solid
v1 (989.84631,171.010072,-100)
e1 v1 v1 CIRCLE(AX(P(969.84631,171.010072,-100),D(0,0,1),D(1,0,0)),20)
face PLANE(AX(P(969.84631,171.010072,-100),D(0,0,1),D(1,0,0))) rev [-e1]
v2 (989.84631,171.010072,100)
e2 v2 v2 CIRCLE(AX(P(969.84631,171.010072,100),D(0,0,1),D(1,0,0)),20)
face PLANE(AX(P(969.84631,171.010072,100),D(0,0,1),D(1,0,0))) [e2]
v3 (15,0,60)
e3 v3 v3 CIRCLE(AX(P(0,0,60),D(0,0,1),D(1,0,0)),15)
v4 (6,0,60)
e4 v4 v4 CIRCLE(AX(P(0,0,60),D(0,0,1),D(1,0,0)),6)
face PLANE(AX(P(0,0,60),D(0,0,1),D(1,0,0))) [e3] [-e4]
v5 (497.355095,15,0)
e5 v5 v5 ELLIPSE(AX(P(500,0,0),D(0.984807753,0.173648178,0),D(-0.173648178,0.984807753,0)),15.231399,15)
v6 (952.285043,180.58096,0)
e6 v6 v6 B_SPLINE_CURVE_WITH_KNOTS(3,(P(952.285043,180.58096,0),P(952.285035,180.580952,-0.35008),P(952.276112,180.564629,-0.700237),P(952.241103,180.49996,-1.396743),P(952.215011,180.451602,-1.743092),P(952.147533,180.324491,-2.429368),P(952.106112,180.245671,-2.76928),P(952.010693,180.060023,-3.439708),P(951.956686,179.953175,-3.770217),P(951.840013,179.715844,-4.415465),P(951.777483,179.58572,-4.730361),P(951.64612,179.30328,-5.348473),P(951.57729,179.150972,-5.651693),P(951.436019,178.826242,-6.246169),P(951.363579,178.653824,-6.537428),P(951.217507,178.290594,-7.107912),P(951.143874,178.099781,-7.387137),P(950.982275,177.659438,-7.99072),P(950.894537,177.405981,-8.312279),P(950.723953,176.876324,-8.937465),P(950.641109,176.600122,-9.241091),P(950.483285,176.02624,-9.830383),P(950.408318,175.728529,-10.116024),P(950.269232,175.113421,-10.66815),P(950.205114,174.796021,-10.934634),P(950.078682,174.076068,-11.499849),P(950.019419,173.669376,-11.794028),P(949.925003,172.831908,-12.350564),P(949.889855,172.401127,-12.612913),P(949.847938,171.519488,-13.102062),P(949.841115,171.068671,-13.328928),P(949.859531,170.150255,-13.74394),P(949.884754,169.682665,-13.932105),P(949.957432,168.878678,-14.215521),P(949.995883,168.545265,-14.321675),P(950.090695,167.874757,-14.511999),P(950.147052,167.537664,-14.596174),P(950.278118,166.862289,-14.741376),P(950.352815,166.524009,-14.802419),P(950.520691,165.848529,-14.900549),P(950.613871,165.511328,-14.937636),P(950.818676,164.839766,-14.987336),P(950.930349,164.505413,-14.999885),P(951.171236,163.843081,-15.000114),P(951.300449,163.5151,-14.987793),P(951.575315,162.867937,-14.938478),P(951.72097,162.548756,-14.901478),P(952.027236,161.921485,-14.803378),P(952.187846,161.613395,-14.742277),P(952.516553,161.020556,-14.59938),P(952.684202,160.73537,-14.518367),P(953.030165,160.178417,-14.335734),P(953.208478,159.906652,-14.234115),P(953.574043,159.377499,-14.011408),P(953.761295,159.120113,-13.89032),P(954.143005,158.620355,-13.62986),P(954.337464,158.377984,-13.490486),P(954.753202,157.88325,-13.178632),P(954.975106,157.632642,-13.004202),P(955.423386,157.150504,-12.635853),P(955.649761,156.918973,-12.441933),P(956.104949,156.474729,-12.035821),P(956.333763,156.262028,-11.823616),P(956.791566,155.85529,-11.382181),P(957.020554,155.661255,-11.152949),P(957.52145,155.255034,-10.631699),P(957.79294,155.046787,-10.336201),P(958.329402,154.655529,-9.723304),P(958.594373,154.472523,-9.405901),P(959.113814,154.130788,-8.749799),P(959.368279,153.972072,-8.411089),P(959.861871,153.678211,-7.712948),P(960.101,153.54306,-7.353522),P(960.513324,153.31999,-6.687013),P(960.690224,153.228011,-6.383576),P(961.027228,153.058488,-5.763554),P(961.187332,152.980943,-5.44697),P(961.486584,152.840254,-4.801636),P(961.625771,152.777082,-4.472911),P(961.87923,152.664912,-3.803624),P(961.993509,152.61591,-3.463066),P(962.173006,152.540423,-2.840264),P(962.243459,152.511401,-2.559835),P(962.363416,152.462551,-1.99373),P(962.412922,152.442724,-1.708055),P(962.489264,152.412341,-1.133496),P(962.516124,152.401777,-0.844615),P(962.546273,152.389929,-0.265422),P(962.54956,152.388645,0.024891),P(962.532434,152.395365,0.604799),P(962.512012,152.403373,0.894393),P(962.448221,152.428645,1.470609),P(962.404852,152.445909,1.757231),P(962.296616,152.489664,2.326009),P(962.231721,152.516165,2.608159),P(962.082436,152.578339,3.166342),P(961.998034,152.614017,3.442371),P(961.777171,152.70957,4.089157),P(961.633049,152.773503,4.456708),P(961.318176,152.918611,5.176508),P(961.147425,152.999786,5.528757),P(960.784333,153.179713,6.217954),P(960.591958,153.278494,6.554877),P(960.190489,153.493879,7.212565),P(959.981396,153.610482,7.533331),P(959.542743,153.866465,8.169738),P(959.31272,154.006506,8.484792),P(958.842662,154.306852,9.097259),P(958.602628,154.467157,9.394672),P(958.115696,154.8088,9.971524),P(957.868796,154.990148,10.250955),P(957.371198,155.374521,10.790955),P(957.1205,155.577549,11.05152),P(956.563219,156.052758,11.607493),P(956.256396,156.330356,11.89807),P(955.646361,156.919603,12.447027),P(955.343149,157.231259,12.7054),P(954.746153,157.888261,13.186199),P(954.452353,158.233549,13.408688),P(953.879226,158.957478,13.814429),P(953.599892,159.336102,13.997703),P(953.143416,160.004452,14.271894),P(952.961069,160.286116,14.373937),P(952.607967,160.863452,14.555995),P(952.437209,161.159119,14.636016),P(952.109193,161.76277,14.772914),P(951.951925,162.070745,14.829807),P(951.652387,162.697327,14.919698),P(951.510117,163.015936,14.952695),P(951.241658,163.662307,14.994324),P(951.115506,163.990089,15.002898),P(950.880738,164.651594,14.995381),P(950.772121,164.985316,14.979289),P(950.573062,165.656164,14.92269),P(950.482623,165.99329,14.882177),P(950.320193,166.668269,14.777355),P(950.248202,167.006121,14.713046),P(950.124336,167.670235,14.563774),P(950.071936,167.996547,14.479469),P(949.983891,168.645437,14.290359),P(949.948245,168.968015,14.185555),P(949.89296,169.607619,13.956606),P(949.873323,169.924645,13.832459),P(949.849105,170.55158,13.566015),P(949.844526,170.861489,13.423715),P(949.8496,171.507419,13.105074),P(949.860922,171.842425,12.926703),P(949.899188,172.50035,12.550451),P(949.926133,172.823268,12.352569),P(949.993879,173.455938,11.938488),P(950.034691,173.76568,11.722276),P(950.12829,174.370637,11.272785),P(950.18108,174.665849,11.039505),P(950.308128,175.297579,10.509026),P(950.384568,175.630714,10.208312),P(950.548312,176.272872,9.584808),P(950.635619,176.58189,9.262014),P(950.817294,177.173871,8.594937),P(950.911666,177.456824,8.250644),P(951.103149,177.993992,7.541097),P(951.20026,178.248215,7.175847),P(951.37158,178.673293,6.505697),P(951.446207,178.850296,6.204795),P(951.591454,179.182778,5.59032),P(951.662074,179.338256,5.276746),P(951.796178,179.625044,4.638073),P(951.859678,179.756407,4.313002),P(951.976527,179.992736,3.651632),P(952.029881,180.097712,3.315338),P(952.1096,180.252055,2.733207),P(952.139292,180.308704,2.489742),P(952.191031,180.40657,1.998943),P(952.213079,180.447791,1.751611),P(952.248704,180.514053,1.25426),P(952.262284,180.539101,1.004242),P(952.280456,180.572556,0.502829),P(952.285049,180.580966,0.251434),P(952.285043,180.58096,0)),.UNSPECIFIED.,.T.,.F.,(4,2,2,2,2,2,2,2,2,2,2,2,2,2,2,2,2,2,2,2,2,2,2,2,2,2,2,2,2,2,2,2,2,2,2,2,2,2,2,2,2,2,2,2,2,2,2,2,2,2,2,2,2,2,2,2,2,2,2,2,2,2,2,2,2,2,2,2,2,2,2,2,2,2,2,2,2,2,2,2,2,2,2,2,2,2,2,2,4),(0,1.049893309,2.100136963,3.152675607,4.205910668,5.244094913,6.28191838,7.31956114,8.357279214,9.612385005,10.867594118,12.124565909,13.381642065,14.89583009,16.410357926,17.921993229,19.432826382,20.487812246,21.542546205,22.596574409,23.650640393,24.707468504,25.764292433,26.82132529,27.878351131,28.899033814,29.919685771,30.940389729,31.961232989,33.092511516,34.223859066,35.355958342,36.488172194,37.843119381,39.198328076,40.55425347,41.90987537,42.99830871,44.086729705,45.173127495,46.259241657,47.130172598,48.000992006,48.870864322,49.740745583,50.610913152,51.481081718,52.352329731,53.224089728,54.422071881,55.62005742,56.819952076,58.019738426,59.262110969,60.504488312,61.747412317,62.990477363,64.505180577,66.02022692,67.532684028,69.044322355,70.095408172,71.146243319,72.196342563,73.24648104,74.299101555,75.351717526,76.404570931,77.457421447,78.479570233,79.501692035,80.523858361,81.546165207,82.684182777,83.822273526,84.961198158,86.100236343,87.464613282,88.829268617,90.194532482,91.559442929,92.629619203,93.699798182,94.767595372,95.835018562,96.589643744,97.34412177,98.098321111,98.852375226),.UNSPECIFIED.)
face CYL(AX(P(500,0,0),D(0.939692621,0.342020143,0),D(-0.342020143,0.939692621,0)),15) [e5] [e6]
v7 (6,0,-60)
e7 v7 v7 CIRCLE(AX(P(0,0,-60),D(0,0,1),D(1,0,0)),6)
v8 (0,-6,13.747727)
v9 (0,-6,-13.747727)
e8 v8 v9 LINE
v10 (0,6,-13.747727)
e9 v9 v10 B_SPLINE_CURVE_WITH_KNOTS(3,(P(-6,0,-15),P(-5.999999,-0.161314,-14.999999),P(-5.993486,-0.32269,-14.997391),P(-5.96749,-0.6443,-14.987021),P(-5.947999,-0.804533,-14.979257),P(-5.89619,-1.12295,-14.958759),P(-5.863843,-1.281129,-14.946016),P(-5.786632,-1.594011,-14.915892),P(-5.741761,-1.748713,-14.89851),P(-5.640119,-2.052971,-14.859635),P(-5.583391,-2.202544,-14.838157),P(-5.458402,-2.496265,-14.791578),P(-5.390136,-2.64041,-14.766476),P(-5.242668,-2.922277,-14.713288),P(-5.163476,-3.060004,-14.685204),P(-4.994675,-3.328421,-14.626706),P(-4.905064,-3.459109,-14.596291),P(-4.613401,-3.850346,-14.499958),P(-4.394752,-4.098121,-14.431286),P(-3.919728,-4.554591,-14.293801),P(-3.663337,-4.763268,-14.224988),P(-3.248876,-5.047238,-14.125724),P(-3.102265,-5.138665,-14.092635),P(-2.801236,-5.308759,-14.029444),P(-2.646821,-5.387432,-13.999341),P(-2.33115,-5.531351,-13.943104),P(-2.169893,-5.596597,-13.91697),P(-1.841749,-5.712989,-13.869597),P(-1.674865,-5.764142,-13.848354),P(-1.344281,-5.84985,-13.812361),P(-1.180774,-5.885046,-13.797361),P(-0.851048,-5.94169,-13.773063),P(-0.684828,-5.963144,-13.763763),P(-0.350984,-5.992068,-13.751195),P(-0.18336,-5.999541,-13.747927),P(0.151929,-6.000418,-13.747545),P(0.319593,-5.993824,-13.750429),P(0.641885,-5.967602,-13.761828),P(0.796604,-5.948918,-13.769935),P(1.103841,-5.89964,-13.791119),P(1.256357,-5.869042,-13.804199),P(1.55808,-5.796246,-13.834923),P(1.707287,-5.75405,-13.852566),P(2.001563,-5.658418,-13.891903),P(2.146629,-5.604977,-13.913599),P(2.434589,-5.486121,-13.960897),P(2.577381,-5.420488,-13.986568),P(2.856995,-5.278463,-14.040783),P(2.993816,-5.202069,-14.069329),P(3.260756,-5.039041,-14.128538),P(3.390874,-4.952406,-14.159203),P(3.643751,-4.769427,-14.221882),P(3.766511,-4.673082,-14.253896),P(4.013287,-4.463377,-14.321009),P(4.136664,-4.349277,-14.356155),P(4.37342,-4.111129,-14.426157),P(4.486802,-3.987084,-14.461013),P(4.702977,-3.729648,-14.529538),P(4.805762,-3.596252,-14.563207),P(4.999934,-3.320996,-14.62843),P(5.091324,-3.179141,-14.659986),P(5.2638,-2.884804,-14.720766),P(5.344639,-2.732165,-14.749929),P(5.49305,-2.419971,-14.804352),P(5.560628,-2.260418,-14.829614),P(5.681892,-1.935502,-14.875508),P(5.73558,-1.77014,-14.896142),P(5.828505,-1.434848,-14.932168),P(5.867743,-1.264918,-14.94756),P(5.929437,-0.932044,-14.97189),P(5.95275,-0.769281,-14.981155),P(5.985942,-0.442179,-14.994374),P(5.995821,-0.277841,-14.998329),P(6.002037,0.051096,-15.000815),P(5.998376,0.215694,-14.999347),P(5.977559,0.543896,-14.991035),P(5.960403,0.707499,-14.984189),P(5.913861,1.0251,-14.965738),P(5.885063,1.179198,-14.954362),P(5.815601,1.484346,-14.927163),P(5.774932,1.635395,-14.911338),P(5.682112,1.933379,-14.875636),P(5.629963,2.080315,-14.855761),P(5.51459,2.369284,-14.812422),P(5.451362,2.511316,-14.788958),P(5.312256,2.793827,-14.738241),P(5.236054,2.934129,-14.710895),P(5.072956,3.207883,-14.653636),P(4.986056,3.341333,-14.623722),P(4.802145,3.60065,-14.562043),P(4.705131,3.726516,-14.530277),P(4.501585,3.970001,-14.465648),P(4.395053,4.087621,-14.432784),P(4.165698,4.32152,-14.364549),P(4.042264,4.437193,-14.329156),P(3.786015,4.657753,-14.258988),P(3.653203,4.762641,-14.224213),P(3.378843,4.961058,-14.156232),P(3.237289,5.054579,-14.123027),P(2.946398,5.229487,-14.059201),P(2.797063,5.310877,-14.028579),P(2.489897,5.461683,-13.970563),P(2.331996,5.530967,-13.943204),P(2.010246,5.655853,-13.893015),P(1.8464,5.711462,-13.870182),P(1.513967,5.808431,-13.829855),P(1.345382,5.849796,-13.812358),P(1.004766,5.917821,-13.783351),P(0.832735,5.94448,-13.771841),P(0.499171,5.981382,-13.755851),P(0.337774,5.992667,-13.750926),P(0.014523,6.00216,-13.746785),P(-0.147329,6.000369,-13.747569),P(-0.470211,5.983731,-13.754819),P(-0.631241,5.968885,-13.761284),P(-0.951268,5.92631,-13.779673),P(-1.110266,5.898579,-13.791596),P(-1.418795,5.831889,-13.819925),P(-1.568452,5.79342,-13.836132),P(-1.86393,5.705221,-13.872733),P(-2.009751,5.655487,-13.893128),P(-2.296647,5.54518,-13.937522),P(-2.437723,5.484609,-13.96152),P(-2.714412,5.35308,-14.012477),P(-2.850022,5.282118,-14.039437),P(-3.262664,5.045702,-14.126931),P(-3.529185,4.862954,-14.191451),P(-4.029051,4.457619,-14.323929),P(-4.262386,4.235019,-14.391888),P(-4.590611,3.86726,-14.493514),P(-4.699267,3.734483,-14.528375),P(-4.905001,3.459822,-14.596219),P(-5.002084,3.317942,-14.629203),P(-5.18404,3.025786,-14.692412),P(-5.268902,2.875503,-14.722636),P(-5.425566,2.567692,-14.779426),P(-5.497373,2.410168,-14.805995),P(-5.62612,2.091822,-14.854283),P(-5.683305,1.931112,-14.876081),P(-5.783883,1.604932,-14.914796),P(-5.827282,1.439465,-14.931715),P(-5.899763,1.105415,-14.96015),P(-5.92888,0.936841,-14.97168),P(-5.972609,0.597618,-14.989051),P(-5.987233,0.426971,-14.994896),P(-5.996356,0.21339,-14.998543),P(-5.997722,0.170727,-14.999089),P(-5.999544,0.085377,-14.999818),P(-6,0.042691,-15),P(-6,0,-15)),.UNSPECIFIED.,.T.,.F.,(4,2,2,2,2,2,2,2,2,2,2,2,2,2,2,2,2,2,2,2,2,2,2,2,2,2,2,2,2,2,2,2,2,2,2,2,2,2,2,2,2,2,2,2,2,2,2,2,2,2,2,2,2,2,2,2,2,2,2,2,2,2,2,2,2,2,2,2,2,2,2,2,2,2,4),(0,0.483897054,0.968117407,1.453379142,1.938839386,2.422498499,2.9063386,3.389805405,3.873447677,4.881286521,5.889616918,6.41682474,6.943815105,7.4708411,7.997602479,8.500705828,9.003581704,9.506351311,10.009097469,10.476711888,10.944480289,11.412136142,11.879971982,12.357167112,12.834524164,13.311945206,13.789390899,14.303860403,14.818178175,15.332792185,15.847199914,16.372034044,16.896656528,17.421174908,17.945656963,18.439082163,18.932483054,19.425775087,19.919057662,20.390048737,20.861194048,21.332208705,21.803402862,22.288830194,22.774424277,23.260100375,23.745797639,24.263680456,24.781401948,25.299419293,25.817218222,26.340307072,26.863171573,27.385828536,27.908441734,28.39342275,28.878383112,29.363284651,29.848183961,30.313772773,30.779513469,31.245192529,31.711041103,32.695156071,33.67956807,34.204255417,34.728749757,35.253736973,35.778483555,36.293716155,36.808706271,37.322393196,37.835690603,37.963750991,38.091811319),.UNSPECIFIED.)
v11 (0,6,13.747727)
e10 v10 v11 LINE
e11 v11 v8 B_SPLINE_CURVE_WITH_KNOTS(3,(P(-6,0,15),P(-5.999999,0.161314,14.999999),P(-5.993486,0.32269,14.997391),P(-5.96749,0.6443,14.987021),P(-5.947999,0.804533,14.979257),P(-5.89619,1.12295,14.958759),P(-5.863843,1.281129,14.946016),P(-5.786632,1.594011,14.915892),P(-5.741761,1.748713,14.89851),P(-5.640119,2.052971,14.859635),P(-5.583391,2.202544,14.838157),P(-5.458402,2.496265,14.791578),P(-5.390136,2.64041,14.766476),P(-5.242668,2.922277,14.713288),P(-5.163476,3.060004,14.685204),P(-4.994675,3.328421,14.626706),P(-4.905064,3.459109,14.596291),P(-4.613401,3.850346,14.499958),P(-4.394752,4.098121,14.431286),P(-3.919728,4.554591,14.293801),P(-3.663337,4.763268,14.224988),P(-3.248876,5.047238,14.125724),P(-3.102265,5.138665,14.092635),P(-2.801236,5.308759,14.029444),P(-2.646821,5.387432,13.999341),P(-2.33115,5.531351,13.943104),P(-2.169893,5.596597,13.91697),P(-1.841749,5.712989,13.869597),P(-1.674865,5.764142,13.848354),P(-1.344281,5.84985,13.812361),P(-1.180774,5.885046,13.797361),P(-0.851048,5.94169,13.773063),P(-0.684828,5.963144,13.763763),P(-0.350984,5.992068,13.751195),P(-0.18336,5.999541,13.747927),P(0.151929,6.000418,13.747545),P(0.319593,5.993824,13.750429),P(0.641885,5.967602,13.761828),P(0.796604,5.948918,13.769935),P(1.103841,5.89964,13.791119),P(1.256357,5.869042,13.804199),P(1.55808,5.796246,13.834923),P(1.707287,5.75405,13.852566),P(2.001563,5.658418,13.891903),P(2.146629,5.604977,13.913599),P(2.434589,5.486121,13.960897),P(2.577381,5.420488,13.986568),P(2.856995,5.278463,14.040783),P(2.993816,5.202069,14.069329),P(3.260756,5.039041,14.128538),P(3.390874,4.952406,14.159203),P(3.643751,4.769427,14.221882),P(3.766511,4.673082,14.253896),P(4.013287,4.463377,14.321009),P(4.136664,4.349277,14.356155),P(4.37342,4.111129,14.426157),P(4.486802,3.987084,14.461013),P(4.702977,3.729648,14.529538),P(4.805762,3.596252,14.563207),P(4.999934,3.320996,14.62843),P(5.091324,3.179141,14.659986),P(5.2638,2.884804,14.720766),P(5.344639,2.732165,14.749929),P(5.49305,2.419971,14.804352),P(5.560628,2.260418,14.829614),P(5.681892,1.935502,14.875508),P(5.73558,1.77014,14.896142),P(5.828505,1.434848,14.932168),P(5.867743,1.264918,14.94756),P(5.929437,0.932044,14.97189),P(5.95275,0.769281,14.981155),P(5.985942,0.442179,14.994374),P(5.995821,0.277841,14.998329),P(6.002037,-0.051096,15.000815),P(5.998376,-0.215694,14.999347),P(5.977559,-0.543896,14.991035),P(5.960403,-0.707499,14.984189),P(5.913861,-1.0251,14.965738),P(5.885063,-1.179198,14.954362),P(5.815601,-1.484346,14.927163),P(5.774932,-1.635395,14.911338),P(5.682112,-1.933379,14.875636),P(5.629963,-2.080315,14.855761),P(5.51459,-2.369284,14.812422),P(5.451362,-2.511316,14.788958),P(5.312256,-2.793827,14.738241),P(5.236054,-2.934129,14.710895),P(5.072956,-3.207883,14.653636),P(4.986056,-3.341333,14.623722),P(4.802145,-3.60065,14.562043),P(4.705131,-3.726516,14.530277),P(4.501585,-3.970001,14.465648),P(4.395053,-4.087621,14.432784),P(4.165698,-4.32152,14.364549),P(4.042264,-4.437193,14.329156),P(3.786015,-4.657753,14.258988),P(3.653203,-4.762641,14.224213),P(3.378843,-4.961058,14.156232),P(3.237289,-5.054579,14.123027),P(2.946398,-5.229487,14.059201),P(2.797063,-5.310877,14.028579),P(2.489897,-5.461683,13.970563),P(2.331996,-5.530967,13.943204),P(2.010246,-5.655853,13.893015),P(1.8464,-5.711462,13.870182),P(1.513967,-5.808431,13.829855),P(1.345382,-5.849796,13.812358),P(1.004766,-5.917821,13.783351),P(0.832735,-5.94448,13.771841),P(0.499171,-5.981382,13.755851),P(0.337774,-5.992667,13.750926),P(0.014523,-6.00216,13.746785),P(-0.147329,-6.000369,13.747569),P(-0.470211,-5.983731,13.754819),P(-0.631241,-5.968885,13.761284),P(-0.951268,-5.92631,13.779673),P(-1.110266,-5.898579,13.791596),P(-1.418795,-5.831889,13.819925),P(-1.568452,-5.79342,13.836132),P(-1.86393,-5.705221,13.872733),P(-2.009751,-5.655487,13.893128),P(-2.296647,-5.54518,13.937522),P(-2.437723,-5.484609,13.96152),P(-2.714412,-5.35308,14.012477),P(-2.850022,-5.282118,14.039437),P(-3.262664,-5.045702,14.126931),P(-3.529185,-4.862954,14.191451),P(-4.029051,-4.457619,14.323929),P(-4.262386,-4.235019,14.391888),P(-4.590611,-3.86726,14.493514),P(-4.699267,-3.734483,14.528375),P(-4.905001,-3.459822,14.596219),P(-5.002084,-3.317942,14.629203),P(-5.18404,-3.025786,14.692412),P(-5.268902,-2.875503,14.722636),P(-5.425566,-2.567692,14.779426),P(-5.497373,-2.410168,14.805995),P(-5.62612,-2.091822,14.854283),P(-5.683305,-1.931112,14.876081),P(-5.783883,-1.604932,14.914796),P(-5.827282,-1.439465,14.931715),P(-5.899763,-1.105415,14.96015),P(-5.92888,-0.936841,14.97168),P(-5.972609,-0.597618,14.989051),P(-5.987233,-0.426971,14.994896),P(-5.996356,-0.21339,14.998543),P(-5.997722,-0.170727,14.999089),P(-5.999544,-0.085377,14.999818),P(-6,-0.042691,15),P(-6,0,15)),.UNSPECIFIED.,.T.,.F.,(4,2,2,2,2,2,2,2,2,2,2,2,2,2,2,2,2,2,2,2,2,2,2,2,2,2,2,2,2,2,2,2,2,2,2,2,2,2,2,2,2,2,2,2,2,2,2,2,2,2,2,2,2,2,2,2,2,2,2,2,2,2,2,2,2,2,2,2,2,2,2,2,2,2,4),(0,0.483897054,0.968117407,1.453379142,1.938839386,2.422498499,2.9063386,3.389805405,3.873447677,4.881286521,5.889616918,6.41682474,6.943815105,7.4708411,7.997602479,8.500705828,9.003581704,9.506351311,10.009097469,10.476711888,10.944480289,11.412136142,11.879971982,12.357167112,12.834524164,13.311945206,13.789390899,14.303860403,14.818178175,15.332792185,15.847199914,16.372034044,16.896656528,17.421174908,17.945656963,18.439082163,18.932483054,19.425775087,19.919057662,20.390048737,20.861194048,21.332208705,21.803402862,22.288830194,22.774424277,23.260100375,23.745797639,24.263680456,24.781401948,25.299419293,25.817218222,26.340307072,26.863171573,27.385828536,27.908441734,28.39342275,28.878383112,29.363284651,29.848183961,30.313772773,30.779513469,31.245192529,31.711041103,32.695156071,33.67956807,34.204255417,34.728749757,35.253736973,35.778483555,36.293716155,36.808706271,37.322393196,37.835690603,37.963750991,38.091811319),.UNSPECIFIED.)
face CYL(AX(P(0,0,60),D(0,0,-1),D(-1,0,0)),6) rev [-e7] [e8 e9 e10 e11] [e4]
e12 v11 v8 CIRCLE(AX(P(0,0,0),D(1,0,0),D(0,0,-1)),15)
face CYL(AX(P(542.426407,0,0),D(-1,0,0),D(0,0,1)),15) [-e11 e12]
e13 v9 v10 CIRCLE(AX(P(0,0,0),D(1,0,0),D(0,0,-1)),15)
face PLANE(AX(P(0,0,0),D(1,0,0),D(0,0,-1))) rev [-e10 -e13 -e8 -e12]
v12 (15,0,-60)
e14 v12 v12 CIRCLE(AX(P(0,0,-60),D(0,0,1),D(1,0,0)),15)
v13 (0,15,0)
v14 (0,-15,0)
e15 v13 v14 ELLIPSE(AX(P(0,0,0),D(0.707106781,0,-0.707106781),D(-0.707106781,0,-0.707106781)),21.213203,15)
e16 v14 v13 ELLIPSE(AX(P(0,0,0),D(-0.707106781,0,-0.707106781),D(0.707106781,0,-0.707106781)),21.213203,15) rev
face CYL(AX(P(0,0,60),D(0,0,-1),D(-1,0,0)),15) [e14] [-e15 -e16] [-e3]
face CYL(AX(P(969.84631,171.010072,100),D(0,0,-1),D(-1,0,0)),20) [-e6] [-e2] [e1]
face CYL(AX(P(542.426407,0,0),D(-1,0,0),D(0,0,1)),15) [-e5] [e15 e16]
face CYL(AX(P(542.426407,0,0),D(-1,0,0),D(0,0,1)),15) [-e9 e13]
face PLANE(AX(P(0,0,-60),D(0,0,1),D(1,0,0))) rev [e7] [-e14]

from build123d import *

# Parameters (mm, degrees)
SKETCH1_R           = 15
SKETCH1_R_2         = 6
BOSS_EXTRUDE1_DEPTH = 60
SKETCH2_R           = 15
SKETCH5_R           = 20
BOSS_EXTRUDE2_DEPTH = 100


with BuildPart() as part:
    # Sketch1 → Boss-Extrude1 (new, symmetric)
    with BuildSketch(Plane.XY):
        Circle(SKETCH1_R)
        Circle(SKETCH1_R_2, mode=Mode.SUBTRACT)
    extrude(amount=BOSS_EXTRUDE1_DEPTH, both=True)

    # Sweep1: sweep along a path in Sketch3
    with BuildLine(Plane.XY) as sweep1_path:
        Line((0, 0), (500, 0))
        Line((500, 0), (969.846310393, 171.010071663))
    # Sketch2 → Sweep1 (sweep)
    with BuildSketch(Plane(origin=(0, 0, 0), x_dir=(0, 0, -1), z_dir=(1, 0, 0))):
        Circle(SKETCH2_R)
    sweep(path=sweep1_path.line, transition=Transition.RIGHT)

    # Sketch5 → Boss-Extrude2 (add, symmetric)
    with BuildSketch(Plane.XY):
        with Locations((969.846310393, 171.010071663)):
            Circle(SKETCH5_R)
    extrude(amount=BOSS_EXTRUDE2_DEPTH, both=True)


solid = part.part
